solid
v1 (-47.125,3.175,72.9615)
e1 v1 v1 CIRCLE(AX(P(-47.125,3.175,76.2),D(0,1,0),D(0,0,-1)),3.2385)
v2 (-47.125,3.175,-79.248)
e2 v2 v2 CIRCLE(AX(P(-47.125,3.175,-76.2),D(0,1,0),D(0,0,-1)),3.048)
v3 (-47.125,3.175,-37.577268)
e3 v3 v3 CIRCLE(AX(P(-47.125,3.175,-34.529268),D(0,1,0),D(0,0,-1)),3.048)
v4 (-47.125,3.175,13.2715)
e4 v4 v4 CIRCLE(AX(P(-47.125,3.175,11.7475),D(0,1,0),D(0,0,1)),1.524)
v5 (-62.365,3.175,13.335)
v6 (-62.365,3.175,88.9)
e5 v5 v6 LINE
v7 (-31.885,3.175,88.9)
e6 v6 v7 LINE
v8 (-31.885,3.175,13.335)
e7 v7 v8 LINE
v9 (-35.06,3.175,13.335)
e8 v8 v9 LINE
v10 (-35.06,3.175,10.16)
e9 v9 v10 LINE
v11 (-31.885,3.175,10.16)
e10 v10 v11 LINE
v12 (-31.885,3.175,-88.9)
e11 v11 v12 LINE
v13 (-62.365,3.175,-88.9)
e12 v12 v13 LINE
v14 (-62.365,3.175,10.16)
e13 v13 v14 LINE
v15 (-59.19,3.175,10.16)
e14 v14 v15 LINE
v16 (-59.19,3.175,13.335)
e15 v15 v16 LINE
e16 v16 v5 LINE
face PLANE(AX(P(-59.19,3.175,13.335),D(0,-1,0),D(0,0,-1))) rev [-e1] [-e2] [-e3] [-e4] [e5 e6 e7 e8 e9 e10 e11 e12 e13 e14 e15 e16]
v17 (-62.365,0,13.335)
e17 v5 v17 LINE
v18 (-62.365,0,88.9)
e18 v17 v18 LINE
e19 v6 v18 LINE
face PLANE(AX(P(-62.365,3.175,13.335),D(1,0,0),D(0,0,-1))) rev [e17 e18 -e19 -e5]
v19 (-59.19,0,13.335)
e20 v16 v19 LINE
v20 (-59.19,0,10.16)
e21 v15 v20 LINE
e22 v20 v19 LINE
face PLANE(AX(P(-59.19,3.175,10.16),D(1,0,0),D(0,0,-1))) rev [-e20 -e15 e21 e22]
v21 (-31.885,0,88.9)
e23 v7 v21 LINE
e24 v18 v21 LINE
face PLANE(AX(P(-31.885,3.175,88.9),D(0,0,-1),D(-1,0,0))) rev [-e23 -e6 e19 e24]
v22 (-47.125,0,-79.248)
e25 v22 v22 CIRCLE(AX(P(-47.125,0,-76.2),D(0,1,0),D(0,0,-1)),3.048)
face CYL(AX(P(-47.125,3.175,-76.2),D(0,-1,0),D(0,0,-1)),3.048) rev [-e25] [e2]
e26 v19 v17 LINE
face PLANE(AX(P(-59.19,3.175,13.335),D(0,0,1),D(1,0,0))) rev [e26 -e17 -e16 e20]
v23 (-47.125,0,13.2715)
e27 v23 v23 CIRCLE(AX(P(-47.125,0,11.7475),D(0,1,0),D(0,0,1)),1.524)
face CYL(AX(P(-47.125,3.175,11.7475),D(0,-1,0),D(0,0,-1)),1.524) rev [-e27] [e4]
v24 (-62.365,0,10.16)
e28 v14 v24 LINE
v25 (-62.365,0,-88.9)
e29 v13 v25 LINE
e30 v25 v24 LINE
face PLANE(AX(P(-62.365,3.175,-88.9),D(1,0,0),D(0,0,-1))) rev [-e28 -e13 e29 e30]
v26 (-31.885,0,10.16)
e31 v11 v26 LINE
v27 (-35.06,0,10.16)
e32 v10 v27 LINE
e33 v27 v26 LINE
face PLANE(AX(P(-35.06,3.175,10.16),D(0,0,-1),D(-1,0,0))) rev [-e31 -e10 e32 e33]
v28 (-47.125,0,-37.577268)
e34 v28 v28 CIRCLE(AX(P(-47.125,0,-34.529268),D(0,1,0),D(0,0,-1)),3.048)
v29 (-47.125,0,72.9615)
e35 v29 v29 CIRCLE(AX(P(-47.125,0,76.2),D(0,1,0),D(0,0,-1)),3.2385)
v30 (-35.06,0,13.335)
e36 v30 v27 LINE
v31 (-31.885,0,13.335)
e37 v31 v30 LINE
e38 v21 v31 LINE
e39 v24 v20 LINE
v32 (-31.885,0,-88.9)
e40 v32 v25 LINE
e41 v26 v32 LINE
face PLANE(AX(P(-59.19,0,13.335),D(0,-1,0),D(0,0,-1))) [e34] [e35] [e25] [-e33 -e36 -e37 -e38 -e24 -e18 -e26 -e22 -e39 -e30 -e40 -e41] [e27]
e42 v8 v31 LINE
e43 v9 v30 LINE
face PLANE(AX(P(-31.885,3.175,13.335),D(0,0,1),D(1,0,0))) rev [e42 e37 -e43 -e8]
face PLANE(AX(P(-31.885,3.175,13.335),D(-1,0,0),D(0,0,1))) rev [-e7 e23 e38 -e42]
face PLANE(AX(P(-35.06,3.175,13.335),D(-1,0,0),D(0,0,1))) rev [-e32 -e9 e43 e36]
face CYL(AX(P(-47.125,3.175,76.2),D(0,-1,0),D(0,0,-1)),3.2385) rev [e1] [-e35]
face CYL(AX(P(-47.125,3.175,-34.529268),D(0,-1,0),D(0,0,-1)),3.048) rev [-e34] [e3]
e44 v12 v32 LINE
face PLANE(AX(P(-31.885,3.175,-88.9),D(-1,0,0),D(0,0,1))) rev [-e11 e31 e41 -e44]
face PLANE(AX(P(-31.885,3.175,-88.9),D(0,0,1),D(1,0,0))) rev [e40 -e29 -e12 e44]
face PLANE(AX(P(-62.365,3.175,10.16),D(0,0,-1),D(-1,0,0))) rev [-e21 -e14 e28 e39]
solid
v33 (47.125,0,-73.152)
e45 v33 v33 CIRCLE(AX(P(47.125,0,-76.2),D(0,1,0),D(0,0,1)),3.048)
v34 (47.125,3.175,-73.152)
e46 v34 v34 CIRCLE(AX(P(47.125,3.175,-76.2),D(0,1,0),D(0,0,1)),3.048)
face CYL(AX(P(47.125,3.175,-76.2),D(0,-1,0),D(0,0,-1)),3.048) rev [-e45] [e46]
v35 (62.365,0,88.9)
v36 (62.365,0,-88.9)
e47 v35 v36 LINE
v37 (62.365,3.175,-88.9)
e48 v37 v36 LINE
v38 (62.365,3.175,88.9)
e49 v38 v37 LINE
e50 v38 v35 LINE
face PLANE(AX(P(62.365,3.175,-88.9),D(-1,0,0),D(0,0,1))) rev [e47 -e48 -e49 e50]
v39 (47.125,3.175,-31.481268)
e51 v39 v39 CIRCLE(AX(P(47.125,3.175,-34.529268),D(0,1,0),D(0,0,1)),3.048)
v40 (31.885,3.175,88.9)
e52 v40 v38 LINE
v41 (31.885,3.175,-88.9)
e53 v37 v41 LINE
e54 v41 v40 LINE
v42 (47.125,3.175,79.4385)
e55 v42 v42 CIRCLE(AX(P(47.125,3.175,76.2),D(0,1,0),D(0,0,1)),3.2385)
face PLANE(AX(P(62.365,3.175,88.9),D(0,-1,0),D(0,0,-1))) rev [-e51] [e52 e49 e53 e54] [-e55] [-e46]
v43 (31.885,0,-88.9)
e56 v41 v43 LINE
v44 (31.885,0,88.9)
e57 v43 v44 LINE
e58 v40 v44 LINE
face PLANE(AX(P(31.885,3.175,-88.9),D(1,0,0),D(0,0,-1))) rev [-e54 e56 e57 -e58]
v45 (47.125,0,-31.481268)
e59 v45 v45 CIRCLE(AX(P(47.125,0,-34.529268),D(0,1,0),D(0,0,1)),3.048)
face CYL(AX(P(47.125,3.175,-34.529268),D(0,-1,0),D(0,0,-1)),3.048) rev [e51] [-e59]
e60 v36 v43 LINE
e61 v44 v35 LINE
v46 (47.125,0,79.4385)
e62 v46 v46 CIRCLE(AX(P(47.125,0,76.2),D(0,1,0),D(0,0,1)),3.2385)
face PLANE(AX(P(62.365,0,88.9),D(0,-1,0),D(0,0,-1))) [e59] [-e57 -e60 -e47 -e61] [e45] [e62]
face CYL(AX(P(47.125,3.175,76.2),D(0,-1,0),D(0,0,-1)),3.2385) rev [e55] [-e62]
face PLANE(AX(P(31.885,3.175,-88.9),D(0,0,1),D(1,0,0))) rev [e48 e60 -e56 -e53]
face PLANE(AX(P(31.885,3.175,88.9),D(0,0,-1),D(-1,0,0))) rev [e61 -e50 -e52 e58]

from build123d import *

# Parameters (mm, degrees)
SKETCH1_R             = 1.524
SKETCH1_R_2           = 3.048
SKETCH1_R_3           = 3.2385
BOSS_EXTRUDE1_DEPTH   = 3.175
SKETCH1_W             = 30.48
SKETCH1_H             = 177.8
BOSS_EXTRUDE1_2_DEPTH = 3.175


with BuildPart() as part:
    # Sketch1 → Boss-Extrude1 (new body)
    with BuildSketch(Plane(origin=(0, 0, 0), x_dir=(1, 0, 0), z_dir=(0, 1, 0))):
        Polygon((-31.884999984, 88.9), (-31.884999984, -10.16), (-35.059999984, -10.16), (-35.059999984, -13.335), (-31.884999984, -13.335), (-31.884999984, -88.9), (-62.364999984, -88.9), (-62.364999984, -13.335), (-59.189999984, -13.335), (-59.189999984, -10.16), (-62.364999984, -10.16), (-62.364999984, 88.9), align=None)
        with Locations((-47.124999984, -11.7475)):
            Circle(SKETCH1_R, mode=Mode.SUBTRACT)
        with Locations((-47.124999984, 34.529268)):
            Circle(SKETCH1_R_2, mode=Mode.SUBTRACT)
        with Locations((-47.124999984, 76.2)):
            Circle(SKETCH1_R_2, mode=Mode.SUBTRACT)
        with Locations((-47.124999984, -76.2)):
            Circle(SKETCH1_R_3, mode=Mode.SUBTRACT)
    extrude(amount=BOSS_EXTRUDE1_DEPTH)


with BuildPart() as body_2:
    # Sketch1 → Boss-Extrude1 2 (new body)
    with BuildSketch(Plane(origin=(0, 0, 0), x_dir=(1, 0, 0), z_dir=(0, 1, 0))):
        with Locations((47.124999984, 0)):
            Rectangle(SKETCH1_W, SKETCH1_H)
        with Locations((47.124999984, 76.2)):
            Circle(SKETCH1_R_2, mode=Mode.SUBTRACT)
        with Locations((47.124999984, 34.529268)):
            Circle(SKETCH1_R_2, mode=Mode.SUBTRACT)
        with Locations((47.124999984, -76.2)):
            Circle(SKETCH1_R_3, mode=Mode.SUBTRACT)
    extrude(amount=BOSS_EXTRUDE1_2_DEPTH)


solid = Compound([part.part, body_2.part])
